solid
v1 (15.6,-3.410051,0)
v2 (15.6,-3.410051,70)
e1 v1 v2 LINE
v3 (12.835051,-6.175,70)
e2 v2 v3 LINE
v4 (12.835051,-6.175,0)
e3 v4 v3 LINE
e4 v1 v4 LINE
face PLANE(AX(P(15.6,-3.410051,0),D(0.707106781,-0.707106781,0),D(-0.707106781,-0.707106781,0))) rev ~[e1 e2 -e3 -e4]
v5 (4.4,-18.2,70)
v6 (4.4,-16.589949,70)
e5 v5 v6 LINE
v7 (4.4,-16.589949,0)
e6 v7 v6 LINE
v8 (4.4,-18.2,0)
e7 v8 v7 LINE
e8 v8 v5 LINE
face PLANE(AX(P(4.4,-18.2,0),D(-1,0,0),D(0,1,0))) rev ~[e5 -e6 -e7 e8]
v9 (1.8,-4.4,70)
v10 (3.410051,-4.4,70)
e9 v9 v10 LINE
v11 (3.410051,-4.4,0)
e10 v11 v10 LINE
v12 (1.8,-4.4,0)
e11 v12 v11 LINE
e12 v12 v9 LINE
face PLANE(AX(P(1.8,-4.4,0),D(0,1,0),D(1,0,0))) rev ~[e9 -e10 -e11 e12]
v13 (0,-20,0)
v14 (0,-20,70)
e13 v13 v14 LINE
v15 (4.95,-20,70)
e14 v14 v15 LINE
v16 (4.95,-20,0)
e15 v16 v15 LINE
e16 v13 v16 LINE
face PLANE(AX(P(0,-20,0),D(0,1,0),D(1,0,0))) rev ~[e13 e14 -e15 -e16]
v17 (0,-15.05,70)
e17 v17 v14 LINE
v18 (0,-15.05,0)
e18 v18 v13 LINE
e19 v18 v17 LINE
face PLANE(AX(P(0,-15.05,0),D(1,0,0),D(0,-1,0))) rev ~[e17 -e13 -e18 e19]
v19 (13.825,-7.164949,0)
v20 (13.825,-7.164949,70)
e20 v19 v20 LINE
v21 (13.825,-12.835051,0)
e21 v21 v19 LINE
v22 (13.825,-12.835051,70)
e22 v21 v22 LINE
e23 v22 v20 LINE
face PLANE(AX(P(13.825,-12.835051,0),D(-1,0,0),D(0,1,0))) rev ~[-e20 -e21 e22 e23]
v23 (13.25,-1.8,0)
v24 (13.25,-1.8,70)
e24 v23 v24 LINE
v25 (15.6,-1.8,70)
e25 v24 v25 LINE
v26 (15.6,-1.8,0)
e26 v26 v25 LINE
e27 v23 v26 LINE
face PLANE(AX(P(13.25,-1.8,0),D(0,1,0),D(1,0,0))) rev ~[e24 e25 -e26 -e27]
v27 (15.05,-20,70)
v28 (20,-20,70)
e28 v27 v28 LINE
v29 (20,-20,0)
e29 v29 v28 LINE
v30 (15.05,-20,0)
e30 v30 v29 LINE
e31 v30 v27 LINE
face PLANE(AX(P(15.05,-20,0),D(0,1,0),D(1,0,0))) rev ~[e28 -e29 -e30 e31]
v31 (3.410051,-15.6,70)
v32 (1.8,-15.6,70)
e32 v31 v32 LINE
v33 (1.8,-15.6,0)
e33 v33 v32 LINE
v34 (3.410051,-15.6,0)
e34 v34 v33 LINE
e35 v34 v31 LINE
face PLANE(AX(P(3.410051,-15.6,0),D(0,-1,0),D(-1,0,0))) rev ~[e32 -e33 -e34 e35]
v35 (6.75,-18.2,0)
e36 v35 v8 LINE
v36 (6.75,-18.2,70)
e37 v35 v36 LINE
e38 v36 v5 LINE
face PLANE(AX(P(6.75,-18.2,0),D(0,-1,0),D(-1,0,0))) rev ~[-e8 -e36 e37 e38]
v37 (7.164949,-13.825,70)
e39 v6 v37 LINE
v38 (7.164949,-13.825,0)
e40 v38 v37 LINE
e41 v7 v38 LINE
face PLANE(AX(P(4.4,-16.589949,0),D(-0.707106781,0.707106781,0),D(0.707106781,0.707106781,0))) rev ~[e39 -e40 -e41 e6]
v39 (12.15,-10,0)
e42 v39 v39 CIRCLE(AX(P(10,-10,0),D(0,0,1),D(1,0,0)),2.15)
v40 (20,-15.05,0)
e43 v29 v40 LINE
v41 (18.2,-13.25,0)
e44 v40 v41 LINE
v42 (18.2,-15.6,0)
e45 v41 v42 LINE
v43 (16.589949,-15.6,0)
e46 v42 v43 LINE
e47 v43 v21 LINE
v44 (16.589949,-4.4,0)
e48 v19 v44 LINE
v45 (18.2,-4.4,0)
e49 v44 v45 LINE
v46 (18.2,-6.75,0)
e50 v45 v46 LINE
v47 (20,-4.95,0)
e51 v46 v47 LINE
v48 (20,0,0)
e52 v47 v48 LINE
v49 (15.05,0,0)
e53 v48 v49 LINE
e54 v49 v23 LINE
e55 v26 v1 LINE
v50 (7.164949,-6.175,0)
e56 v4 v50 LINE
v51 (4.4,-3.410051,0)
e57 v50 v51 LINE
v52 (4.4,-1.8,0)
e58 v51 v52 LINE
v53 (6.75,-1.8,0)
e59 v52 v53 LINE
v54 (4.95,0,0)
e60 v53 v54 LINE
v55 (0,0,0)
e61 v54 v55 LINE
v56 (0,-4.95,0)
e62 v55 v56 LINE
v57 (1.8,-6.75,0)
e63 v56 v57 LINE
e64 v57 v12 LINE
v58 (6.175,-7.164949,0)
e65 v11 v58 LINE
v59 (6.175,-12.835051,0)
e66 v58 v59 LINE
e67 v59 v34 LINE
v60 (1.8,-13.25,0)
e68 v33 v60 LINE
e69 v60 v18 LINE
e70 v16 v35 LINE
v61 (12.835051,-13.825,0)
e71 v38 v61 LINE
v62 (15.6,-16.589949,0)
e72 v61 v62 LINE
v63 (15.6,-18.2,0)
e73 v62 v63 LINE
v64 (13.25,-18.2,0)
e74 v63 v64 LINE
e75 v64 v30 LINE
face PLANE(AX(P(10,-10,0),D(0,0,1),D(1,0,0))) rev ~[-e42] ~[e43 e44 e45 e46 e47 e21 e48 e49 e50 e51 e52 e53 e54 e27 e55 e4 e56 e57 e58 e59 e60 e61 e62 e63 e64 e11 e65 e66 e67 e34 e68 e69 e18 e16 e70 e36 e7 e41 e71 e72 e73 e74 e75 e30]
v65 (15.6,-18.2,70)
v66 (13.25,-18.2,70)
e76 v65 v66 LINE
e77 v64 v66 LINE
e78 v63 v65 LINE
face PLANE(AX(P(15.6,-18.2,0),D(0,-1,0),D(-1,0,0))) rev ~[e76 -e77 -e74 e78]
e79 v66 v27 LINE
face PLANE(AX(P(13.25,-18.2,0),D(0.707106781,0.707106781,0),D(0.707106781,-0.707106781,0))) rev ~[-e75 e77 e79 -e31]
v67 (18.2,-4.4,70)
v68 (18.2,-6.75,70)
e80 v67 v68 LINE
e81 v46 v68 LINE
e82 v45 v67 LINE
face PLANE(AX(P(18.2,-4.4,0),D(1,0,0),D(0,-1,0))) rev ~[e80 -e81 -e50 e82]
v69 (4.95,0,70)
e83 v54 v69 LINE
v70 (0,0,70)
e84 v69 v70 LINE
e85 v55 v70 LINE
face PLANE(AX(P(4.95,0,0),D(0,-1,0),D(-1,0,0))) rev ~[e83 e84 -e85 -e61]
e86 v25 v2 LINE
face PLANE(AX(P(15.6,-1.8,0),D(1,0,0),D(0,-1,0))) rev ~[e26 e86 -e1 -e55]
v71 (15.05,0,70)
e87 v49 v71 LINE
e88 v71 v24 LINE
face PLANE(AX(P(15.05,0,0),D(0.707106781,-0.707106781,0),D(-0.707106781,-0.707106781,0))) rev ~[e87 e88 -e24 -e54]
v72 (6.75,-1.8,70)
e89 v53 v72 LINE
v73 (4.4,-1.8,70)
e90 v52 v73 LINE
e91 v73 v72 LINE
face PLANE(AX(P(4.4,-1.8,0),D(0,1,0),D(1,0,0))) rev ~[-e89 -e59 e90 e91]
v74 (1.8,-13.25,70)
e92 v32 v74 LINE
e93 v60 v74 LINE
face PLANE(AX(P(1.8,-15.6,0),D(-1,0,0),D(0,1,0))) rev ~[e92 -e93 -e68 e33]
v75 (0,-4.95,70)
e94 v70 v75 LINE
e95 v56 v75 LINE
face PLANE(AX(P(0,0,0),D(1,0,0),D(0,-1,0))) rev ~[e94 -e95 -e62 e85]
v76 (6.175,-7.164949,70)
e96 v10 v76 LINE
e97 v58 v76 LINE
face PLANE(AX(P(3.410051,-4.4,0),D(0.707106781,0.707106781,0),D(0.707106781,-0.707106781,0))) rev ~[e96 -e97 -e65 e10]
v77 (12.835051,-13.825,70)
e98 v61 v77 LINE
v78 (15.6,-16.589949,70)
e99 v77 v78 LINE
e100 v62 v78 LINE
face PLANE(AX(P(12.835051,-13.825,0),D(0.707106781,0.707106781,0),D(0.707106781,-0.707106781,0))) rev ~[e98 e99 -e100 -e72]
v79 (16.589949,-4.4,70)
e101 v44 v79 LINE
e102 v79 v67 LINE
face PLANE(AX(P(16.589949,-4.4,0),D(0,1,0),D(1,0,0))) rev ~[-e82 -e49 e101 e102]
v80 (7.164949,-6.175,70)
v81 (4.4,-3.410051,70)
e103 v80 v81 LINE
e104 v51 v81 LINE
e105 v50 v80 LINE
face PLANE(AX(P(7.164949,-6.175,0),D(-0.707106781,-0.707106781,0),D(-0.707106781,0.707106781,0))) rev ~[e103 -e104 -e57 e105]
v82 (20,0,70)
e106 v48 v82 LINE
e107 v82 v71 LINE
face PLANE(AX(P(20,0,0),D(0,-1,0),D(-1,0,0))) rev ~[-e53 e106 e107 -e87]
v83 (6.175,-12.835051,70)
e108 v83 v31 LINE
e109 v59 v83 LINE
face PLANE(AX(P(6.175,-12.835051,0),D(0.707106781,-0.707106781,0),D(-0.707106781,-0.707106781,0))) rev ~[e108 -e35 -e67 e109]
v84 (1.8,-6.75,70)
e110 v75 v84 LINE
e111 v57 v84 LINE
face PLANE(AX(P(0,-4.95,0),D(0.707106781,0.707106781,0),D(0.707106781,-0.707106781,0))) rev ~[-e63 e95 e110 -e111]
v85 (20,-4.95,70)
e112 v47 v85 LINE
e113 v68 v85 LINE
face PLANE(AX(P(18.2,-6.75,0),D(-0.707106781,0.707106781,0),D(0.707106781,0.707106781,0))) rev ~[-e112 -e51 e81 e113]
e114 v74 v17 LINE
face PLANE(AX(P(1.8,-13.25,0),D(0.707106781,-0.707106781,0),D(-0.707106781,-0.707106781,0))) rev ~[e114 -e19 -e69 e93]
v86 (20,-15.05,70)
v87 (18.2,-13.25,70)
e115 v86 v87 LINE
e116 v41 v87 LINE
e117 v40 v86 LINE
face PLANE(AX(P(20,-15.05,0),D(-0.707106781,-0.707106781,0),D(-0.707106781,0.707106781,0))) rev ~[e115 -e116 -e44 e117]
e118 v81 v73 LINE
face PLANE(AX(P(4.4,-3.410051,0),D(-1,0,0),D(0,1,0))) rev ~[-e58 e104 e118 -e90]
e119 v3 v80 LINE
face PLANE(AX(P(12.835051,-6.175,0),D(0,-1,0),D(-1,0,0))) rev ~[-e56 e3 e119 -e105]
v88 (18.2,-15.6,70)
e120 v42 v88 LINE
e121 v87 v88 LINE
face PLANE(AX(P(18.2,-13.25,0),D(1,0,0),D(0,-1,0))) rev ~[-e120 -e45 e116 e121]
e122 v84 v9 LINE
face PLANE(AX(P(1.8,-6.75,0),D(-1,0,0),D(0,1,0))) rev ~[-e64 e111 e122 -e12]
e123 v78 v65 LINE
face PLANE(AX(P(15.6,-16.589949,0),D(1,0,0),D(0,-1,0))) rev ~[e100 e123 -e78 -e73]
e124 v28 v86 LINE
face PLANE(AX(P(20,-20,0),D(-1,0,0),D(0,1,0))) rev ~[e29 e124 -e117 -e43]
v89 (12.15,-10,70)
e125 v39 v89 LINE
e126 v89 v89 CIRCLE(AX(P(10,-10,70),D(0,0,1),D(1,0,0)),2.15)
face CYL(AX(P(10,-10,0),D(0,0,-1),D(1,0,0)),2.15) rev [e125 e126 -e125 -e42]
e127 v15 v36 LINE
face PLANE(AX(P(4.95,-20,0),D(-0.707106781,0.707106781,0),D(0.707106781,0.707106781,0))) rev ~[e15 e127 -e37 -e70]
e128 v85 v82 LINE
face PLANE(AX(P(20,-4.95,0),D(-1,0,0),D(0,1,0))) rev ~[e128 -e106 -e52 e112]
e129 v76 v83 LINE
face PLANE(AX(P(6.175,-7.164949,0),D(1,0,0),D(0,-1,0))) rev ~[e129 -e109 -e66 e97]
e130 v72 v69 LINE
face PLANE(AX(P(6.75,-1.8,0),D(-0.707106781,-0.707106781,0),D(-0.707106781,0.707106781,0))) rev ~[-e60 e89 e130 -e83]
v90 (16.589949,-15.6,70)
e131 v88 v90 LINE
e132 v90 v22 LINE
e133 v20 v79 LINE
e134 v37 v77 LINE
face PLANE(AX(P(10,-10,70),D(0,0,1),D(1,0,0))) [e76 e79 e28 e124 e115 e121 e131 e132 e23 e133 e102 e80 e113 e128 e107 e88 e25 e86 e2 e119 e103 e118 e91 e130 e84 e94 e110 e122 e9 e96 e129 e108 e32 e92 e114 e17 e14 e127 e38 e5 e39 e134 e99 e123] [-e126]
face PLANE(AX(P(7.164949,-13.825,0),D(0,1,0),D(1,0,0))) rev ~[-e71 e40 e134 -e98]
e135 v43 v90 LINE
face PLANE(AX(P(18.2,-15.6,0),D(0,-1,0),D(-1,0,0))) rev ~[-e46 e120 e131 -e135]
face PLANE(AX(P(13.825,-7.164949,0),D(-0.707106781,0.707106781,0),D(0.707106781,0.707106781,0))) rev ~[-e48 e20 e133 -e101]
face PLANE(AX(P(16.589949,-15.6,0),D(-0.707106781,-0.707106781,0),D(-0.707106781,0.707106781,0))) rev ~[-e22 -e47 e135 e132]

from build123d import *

# Parameters (mm, degrees)
CROQUIS1_R              = 2.15
SALIENTE_EXTRUIR2_DEPTH = 70


with BuildPart() as part:
    # Croquis1 → Saliente-Extruir2 (new body)
    with BuildSketch(Plane.XY):
        Polygon((4.4, 0), (0, 0), (0, -0.56736664), (0, -4.4), (0, -4.95), (1.8, -6.75), (1.8, -4.4), (3.410050506, -4.4), (6.175, -7.164949494), (6.175, -12.835050506), (3.410050506, -15.6), (1.8, -15.6), (1.8, -13.25), (0, -15.05), (0, -15.6), (0, -20), (4.4, -20), (4.95, -20), (6.75, -18.2), (4.4, -18.2), (4.4, -16.589949494), (7.164949494, -13.825), (12.835050506, -13.825), (15.6, -16.589949494), (15.6, -18.2), (13.25, -18.2), (15.05, -20), (15.6, -20), (18.2, -20), (20, -20), (20, -15.6), (20, -15.05), (18.2, -13.25), (18.2, -15.6), (16.589949494, -15.6), (13.825, -12.835050506), (13.825, -7.164949494), (16.589949494, -4.4), (18.2, -4.4), (18.2, -6.75), (20, -4.95), (20, -4.4), (20, 0), (15.6, 0), (15.05, 0), (13.25, -1.8), (15.6, -1.8), (15.6, -3.410050506), (12.835050506, -6.175), (7.164949494, -6.175), (4.4, -3.410050506), (4.4, -1.8), (6.75, -1.8), (4.95, 0), align=None)
        with Locations((10, -10)):
            Circle(CROQUIS1_R, mode=Mode.SUBTRACT)
    extrude(amount=SALIENTE_EXTRUIR2_DEPTH)


solid = part.part
